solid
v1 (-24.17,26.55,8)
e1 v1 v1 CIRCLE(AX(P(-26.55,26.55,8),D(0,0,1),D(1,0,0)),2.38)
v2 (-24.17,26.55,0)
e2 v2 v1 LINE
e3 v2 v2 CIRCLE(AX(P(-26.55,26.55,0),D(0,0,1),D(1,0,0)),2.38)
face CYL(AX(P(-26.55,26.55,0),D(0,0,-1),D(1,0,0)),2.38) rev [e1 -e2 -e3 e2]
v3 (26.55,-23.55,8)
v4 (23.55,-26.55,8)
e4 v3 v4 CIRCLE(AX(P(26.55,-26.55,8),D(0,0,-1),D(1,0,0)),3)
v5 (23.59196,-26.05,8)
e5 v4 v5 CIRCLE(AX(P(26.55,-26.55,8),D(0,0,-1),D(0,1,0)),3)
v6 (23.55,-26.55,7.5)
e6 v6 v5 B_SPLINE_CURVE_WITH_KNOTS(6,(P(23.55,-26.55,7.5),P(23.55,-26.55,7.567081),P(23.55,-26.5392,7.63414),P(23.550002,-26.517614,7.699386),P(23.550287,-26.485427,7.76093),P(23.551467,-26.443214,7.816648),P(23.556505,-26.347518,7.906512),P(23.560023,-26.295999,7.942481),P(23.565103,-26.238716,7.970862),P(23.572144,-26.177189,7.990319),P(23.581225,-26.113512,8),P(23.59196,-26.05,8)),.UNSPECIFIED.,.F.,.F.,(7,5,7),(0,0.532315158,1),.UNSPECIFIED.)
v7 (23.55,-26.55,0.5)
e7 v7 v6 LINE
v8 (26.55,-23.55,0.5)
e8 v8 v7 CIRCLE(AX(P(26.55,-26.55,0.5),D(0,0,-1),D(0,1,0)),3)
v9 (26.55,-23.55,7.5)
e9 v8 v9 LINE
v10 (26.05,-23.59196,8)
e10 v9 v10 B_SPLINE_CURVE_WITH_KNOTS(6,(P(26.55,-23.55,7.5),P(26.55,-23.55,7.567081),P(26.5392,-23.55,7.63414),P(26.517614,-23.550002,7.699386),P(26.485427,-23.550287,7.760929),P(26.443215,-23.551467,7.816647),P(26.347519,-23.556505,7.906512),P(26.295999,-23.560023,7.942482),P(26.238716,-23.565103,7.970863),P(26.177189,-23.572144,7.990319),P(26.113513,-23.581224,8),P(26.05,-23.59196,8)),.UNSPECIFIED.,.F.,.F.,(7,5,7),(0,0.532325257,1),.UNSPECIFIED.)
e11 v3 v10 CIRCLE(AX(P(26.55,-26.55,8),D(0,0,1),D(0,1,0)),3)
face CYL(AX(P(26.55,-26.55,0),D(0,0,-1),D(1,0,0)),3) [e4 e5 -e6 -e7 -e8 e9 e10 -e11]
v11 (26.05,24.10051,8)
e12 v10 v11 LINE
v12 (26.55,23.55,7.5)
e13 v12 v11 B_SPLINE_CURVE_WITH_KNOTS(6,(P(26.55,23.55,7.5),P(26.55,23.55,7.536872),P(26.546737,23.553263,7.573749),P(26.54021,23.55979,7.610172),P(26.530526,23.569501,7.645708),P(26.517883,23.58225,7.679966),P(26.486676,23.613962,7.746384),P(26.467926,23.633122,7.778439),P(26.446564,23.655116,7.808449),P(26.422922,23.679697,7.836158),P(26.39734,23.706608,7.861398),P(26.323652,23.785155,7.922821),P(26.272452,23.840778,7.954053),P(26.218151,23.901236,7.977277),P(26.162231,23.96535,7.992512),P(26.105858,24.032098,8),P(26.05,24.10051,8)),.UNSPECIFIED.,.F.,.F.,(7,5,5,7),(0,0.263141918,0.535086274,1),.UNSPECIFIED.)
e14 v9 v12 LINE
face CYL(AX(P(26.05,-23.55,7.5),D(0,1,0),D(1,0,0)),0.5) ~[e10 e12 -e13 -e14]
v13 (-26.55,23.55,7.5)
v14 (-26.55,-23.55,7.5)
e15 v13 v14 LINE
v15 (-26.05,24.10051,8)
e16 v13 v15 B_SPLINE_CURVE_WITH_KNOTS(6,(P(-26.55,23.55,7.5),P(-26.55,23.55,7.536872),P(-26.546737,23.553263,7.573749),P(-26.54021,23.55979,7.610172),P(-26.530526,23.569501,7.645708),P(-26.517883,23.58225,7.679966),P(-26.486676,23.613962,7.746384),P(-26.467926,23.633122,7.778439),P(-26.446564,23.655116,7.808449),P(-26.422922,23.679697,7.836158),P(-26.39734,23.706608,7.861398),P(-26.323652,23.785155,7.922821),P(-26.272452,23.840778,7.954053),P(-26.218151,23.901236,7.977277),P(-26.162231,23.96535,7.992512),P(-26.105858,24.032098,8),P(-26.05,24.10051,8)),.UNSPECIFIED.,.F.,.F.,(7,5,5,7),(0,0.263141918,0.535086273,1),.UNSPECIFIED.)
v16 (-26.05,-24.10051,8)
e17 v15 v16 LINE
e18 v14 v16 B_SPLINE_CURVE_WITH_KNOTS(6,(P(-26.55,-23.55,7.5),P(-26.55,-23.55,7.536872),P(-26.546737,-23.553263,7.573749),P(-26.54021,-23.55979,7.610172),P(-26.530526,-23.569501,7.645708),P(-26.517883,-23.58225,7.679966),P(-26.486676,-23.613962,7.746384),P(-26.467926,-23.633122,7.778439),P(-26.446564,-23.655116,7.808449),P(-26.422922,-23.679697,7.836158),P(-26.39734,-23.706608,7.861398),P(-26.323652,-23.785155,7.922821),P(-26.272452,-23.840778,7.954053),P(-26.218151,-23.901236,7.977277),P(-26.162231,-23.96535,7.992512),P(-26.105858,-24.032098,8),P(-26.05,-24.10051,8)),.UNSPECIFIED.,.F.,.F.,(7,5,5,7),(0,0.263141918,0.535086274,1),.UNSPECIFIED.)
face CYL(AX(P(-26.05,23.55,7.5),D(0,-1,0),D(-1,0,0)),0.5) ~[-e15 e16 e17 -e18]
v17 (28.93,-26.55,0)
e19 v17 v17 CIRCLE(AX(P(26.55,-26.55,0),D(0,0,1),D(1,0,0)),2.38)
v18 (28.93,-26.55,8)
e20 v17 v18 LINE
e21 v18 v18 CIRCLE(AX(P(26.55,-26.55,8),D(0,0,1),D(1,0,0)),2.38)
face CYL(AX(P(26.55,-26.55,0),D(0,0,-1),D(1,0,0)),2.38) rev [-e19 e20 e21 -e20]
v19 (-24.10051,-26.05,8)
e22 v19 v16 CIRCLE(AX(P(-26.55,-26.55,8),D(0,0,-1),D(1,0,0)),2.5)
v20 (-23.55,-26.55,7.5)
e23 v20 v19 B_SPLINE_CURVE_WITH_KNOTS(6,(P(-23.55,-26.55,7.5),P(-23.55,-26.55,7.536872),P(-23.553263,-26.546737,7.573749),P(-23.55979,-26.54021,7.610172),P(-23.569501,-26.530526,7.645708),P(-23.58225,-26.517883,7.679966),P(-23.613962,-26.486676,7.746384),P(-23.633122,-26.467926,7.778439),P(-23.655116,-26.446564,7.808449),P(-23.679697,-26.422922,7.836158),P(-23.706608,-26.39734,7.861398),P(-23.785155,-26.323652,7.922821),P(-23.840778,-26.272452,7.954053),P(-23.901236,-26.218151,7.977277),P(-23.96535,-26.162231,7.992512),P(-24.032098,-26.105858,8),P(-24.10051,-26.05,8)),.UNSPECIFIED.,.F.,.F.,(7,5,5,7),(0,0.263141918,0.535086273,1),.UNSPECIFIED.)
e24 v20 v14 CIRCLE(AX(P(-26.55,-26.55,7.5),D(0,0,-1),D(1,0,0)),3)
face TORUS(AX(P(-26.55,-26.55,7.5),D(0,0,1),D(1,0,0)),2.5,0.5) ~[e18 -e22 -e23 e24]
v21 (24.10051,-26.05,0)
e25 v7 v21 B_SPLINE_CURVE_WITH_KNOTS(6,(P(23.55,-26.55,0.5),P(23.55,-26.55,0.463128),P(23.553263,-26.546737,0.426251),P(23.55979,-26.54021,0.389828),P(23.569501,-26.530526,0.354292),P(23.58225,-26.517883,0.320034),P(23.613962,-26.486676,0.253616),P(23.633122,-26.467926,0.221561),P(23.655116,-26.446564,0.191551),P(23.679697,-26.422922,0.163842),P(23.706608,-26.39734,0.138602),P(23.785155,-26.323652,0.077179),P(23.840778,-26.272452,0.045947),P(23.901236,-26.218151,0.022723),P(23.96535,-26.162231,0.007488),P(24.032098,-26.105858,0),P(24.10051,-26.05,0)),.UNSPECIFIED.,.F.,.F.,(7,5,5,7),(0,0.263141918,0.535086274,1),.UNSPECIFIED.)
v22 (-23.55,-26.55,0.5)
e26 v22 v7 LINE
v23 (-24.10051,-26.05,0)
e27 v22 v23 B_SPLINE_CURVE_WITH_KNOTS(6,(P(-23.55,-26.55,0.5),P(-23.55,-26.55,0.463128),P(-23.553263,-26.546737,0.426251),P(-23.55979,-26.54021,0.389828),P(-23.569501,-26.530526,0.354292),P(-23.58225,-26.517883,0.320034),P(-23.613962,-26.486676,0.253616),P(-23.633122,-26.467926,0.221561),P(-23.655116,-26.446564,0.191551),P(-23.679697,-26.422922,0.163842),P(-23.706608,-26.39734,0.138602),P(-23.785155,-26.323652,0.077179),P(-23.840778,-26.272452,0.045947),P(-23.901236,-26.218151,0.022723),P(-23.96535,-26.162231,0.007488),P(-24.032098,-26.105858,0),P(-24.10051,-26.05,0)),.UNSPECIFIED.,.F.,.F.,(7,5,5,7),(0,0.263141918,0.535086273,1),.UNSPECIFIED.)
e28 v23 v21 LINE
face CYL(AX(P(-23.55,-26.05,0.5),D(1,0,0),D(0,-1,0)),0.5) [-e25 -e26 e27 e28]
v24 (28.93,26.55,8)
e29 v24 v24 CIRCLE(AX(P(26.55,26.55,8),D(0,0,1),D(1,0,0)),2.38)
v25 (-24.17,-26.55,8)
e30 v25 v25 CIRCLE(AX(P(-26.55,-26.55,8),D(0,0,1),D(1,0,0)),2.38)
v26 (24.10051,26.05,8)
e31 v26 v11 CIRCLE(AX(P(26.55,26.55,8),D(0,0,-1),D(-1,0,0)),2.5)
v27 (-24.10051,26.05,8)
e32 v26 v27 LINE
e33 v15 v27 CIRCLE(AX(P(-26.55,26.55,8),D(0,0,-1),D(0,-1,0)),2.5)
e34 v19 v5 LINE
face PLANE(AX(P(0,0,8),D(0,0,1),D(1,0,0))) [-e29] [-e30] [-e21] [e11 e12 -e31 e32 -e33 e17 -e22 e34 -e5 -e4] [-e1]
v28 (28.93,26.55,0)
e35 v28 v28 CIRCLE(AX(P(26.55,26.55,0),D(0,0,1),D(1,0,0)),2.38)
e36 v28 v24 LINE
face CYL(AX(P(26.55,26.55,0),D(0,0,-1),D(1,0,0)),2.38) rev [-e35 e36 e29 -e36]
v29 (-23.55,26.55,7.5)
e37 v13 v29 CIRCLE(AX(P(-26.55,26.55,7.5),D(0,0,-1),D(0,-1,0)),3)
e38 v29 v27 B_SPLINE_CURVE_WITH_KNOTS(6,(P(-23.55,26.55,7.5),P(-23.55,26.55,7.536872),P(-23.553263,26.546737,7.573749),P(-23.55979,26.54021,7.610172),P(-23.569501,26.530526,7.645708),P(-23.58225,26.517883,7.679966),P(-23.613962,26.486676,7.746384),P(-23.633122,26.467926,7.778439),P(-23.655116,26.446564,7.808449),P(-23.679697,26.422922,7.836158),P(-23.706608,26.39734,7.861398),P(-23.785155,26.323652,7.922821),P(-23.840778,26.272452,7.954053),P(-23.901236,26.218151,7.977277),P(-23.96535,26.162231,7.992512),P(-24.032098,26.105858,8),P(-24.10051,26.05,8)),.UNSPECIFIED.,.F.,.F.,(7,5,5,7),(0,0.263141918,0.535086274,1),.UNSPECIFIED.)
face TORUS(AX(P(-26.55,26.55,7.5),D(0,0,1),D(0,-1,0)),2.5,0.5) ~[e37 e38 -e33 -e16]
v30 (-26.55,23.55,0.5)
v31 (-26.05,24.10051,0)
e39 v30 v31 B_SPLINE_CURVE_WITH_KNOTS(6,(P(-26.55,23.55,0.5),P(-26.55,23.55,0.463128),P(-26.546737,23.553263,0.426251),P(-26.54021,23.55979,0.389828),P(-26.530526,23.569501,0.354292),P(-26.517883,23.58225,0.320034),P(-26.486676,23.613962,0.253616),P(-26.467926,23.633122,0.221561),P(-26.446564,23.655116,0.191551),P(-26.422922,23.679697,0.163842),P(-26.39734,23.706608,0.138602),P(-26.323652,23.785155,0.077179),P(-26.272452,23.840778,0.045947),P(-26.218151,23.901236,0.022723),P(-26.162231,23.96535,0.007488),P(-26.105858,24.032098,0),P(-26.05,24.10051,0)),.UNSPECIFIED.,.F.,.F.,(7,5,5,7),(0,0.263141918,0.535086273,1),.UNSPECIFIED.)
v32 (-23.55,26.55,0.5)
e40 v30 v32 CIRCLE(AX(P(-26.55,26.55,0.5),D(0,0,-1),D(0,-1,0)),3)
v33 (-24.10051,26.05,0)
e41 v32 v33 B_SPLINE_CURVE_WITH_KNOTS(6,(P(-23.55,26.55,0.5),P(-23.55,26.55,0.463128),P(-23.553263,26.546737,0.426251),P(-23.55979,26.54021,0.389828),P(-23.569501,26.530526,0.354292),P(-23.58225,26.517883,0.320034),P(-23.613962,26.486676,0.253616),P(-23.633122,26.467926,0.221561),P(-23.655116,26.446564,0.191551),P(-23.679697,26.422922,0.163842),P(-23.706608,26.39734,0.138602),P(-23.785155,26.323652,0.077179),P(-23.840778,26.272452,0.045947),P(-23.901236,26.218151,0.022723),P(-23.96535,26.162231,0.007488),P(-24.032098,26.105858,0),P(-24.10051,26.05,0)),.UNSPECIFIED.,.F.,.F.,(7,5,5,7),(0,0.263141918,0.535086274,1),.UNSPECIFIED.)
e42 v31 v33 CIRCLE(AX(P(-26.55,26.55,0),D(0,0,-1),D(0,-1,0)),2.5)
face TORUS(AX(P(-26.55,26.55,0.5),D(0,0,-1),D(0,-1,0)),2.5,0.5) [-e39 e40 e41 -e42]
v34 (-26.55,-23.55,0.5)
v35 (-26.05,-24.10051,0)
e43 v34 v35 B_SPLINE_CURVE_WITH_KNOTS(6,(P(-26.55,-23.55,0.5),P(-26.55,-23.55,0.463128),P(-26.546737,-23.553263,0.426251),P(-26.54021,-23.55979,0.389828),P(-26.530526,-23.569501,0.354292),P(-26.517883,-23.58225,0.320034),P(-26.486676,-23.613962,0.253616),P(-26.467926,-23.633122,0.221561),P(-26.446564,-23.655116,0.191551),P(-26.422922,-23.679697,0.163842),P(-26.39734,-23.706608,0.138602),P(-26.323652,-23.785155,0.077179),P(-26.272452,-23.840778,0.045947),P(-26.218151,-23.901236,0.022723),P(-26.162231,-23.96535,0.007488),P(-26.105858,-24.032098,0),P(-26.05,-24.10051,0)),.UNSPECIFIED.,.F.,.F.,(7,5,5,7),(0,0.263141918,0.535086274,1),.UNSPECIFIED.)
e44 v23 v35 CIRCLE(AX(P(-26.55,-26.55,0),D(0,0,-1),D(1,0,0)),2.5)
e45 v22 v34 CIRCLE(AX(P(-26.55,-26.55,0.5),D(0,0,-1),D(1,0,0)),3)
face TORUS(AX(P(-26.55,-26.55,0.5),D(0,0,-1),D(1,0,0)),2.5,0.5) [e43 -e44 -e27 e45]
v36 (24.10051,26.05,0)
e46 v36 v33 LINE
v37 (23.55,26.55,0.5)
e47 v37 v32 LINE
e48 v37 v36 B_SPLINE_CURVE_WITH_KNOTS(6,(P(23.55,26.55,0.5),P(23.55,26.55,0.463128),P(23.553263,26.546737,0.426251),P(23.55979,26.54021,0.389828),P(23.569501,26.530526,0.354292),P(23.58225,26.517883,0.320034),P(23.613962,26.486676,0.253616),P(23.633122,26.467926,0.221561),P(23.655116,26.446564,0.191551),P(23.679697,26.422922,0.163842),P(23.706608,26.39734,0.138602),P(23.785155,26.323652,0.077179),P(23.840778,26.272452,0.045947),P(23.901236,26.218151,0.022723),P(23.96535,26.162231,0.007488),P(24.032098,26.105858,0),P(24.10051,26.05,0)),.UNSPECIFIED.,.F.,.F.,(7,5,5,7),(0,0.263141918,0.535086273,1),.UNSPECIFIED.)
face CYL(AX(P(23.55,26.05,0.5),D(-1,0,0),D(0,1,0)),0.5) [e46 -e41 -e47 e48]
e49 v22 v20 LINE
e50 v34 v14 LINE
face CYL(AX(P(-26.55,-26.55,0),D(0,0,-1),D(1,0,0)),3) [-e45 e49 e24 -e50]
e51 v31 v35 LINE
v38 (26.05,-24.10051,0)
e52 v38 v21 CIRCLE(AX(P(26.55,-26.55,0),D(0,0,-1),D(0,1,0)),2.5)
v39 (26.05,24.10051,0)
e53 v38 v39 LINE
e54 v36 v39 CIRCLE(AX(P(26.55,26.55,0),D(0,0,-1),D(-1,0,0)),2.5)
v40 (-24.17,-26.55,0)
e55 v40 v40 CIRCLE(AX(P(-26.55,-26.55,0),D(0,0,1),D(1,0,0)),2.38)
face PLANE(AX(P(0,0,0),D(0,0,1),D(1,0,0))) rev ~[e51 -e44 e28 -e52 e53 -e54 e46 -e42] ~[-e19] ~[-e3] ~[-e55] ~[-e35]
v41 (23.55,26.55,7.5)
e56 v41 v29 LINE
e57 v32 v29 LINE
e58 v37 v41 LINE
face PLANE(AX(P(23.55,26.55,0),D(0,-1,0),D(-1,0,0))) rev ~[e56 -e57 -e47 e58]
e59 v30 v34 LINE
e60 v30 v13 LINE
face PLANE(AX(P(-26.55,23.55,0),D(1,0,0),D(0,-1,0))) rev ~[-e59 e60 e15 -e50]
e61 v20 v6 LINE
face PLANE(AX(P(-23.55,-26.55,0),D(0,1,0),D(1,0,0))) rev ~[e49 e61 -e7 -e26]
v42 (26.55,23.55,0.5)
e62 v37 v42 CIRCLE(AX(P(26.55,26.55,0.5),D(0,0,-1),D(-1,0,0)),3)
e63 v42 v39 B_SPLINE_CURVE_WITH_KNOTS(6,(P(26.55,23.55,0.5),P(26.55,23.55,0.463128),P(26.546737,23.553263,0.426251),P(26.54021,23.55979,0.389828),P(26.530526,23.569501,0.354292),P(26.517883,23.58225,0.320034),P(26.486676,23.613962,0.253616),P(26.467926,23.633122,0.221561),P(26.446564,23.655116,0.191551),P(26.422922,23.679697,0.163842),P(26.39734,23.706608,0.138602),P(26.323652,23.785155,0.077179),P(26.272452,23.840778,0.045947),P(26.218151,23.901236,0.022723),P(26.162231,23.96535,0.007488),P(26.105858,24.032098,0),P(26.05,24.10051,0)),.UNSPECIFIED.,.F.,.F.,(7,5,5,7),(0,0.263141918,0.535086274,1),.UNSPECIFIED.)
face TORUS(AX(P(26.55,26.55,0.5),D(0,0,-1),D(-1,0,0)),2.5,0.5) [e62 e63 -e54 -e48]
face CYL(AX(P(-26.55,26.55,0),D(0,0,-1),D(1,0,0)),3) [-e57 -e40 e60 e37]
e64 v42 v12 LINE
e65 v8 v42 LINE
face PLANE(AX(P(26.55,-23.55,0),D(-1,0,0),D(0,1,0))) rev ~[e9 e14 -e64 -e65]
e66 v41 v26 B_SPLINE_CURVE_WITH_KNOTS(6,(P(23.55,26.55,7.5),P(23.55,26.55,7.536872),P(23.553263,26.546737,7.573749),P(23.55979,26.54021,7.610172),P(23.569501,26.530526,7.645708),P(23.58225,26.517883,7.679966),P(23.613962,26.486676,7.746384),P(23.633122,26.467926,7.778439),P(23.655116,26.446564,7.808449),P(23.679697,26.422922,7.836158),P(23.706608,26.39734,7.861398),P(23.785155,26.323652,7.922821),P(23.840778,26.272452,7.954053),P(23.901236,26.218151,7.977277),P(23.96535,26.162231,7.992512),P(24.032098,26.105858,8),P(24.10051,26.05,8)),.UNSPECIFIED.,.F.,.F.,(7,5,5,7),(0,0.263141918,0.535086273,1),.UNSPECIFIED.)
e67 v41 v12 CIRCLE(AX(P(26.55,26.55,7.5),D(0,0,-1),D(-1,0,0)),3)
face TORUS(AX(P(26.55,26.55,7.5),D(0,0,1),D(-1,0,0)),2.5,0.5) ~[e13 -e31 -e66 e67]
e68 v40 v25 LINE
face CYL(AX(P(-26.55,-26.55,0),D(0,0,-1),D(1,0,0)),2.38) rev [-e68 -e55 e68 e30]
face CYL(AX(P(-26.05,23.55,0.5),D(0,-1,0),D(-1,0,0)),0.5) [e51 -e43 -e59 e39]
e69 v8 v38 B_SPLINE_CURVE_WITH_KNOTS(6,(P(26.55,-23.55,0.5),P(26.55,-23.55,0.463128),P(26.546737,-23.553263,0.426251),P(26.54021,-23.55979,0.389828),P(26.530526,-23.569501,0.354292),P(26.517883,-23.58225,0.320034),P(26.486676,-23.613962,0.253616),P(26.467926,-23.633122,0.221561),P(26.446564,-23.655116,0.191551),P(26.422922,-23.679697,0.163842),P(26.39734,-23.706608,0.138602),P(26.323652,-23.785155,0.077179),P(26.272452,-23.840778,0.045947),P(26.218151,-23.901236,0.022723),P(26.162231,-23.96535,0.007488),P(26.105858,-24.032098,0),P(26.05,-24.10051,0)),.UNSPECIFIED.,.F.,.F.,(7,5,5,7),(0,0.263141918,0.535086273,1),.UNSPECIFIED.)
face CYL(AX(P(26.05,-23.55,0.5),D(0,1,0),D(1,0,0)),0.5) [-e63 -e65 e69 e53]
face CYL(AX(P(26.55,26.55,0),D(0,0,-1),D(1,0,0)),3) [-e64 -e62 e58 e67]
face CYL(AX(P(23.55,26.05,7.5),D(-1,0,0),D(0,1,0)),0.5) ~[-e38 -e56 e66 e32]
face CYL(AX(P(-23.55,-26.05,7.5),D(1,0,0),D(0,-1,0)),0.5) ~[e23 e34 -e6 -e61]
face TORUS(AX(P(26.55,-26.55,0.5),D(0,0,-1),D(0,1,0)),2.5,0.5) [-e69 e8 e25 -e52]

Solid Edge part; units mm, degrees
sketch "Sketch1" plane through (0, 0, 0) normal (0, 0, 1) x (1, 0, 0)
  line L0 (-26.55, 23.55) -> (-26.55, -23.55)
  line L1 (-23.55, -26.55) -> (23.55, -26.55)
  line L2 (26.55, -23.55) -> (26.55, 23.55)
  line L3 (23.55, 26.55) -> (-23.55, 26.55)
  arc A0 (-23.55, -26.55) -> (-26.55, -23.55) centre (-26.55, -26.55) cw
  arc A1 (26.55, -23.55) -> (23.55, -26.55) centre (26.55, -26.55) cw
  arc A2 (23.55, 26.55) -> (26.55, 23.55) centre (26.55, 26.55) cw
  arc A3 (-26.55, 23.55) -> (-23.55, 26.55) centre (-26.55, 26.55) cw
  circle A4 centre (-26.55, -26.55) radius 2.38
  circle A5 centre (-26.55, 26.55) radius 2.38
  circle A6 centre (26.55, -26.55) radius 2.38
  circle A7 centre (26.55, 26.55) radius 2.38
extrude "Protrusion1" add sketch "Sketch1" along normal blind 8
fillet "Round_1" radius 0.5 15 edges at (0, -26.55, 8) (-28.6713, -28.6713, 8) (-26.55, 0, 8) (-28.6713, 28.6713, 8) (0, 26.55, 8) (28.6713, 28.6713, 8) (26.55, 0, 8) (0, -26.55, 0) (-28.6713, -28.6713, 0) (-26.55, 0, 0) (28.6713, -28.6713, 0) (0, 26.55, 0) (-28.6713, 28.6713, 0) (28.6713, 28.6713, 0) (26.55, 0, 0)
